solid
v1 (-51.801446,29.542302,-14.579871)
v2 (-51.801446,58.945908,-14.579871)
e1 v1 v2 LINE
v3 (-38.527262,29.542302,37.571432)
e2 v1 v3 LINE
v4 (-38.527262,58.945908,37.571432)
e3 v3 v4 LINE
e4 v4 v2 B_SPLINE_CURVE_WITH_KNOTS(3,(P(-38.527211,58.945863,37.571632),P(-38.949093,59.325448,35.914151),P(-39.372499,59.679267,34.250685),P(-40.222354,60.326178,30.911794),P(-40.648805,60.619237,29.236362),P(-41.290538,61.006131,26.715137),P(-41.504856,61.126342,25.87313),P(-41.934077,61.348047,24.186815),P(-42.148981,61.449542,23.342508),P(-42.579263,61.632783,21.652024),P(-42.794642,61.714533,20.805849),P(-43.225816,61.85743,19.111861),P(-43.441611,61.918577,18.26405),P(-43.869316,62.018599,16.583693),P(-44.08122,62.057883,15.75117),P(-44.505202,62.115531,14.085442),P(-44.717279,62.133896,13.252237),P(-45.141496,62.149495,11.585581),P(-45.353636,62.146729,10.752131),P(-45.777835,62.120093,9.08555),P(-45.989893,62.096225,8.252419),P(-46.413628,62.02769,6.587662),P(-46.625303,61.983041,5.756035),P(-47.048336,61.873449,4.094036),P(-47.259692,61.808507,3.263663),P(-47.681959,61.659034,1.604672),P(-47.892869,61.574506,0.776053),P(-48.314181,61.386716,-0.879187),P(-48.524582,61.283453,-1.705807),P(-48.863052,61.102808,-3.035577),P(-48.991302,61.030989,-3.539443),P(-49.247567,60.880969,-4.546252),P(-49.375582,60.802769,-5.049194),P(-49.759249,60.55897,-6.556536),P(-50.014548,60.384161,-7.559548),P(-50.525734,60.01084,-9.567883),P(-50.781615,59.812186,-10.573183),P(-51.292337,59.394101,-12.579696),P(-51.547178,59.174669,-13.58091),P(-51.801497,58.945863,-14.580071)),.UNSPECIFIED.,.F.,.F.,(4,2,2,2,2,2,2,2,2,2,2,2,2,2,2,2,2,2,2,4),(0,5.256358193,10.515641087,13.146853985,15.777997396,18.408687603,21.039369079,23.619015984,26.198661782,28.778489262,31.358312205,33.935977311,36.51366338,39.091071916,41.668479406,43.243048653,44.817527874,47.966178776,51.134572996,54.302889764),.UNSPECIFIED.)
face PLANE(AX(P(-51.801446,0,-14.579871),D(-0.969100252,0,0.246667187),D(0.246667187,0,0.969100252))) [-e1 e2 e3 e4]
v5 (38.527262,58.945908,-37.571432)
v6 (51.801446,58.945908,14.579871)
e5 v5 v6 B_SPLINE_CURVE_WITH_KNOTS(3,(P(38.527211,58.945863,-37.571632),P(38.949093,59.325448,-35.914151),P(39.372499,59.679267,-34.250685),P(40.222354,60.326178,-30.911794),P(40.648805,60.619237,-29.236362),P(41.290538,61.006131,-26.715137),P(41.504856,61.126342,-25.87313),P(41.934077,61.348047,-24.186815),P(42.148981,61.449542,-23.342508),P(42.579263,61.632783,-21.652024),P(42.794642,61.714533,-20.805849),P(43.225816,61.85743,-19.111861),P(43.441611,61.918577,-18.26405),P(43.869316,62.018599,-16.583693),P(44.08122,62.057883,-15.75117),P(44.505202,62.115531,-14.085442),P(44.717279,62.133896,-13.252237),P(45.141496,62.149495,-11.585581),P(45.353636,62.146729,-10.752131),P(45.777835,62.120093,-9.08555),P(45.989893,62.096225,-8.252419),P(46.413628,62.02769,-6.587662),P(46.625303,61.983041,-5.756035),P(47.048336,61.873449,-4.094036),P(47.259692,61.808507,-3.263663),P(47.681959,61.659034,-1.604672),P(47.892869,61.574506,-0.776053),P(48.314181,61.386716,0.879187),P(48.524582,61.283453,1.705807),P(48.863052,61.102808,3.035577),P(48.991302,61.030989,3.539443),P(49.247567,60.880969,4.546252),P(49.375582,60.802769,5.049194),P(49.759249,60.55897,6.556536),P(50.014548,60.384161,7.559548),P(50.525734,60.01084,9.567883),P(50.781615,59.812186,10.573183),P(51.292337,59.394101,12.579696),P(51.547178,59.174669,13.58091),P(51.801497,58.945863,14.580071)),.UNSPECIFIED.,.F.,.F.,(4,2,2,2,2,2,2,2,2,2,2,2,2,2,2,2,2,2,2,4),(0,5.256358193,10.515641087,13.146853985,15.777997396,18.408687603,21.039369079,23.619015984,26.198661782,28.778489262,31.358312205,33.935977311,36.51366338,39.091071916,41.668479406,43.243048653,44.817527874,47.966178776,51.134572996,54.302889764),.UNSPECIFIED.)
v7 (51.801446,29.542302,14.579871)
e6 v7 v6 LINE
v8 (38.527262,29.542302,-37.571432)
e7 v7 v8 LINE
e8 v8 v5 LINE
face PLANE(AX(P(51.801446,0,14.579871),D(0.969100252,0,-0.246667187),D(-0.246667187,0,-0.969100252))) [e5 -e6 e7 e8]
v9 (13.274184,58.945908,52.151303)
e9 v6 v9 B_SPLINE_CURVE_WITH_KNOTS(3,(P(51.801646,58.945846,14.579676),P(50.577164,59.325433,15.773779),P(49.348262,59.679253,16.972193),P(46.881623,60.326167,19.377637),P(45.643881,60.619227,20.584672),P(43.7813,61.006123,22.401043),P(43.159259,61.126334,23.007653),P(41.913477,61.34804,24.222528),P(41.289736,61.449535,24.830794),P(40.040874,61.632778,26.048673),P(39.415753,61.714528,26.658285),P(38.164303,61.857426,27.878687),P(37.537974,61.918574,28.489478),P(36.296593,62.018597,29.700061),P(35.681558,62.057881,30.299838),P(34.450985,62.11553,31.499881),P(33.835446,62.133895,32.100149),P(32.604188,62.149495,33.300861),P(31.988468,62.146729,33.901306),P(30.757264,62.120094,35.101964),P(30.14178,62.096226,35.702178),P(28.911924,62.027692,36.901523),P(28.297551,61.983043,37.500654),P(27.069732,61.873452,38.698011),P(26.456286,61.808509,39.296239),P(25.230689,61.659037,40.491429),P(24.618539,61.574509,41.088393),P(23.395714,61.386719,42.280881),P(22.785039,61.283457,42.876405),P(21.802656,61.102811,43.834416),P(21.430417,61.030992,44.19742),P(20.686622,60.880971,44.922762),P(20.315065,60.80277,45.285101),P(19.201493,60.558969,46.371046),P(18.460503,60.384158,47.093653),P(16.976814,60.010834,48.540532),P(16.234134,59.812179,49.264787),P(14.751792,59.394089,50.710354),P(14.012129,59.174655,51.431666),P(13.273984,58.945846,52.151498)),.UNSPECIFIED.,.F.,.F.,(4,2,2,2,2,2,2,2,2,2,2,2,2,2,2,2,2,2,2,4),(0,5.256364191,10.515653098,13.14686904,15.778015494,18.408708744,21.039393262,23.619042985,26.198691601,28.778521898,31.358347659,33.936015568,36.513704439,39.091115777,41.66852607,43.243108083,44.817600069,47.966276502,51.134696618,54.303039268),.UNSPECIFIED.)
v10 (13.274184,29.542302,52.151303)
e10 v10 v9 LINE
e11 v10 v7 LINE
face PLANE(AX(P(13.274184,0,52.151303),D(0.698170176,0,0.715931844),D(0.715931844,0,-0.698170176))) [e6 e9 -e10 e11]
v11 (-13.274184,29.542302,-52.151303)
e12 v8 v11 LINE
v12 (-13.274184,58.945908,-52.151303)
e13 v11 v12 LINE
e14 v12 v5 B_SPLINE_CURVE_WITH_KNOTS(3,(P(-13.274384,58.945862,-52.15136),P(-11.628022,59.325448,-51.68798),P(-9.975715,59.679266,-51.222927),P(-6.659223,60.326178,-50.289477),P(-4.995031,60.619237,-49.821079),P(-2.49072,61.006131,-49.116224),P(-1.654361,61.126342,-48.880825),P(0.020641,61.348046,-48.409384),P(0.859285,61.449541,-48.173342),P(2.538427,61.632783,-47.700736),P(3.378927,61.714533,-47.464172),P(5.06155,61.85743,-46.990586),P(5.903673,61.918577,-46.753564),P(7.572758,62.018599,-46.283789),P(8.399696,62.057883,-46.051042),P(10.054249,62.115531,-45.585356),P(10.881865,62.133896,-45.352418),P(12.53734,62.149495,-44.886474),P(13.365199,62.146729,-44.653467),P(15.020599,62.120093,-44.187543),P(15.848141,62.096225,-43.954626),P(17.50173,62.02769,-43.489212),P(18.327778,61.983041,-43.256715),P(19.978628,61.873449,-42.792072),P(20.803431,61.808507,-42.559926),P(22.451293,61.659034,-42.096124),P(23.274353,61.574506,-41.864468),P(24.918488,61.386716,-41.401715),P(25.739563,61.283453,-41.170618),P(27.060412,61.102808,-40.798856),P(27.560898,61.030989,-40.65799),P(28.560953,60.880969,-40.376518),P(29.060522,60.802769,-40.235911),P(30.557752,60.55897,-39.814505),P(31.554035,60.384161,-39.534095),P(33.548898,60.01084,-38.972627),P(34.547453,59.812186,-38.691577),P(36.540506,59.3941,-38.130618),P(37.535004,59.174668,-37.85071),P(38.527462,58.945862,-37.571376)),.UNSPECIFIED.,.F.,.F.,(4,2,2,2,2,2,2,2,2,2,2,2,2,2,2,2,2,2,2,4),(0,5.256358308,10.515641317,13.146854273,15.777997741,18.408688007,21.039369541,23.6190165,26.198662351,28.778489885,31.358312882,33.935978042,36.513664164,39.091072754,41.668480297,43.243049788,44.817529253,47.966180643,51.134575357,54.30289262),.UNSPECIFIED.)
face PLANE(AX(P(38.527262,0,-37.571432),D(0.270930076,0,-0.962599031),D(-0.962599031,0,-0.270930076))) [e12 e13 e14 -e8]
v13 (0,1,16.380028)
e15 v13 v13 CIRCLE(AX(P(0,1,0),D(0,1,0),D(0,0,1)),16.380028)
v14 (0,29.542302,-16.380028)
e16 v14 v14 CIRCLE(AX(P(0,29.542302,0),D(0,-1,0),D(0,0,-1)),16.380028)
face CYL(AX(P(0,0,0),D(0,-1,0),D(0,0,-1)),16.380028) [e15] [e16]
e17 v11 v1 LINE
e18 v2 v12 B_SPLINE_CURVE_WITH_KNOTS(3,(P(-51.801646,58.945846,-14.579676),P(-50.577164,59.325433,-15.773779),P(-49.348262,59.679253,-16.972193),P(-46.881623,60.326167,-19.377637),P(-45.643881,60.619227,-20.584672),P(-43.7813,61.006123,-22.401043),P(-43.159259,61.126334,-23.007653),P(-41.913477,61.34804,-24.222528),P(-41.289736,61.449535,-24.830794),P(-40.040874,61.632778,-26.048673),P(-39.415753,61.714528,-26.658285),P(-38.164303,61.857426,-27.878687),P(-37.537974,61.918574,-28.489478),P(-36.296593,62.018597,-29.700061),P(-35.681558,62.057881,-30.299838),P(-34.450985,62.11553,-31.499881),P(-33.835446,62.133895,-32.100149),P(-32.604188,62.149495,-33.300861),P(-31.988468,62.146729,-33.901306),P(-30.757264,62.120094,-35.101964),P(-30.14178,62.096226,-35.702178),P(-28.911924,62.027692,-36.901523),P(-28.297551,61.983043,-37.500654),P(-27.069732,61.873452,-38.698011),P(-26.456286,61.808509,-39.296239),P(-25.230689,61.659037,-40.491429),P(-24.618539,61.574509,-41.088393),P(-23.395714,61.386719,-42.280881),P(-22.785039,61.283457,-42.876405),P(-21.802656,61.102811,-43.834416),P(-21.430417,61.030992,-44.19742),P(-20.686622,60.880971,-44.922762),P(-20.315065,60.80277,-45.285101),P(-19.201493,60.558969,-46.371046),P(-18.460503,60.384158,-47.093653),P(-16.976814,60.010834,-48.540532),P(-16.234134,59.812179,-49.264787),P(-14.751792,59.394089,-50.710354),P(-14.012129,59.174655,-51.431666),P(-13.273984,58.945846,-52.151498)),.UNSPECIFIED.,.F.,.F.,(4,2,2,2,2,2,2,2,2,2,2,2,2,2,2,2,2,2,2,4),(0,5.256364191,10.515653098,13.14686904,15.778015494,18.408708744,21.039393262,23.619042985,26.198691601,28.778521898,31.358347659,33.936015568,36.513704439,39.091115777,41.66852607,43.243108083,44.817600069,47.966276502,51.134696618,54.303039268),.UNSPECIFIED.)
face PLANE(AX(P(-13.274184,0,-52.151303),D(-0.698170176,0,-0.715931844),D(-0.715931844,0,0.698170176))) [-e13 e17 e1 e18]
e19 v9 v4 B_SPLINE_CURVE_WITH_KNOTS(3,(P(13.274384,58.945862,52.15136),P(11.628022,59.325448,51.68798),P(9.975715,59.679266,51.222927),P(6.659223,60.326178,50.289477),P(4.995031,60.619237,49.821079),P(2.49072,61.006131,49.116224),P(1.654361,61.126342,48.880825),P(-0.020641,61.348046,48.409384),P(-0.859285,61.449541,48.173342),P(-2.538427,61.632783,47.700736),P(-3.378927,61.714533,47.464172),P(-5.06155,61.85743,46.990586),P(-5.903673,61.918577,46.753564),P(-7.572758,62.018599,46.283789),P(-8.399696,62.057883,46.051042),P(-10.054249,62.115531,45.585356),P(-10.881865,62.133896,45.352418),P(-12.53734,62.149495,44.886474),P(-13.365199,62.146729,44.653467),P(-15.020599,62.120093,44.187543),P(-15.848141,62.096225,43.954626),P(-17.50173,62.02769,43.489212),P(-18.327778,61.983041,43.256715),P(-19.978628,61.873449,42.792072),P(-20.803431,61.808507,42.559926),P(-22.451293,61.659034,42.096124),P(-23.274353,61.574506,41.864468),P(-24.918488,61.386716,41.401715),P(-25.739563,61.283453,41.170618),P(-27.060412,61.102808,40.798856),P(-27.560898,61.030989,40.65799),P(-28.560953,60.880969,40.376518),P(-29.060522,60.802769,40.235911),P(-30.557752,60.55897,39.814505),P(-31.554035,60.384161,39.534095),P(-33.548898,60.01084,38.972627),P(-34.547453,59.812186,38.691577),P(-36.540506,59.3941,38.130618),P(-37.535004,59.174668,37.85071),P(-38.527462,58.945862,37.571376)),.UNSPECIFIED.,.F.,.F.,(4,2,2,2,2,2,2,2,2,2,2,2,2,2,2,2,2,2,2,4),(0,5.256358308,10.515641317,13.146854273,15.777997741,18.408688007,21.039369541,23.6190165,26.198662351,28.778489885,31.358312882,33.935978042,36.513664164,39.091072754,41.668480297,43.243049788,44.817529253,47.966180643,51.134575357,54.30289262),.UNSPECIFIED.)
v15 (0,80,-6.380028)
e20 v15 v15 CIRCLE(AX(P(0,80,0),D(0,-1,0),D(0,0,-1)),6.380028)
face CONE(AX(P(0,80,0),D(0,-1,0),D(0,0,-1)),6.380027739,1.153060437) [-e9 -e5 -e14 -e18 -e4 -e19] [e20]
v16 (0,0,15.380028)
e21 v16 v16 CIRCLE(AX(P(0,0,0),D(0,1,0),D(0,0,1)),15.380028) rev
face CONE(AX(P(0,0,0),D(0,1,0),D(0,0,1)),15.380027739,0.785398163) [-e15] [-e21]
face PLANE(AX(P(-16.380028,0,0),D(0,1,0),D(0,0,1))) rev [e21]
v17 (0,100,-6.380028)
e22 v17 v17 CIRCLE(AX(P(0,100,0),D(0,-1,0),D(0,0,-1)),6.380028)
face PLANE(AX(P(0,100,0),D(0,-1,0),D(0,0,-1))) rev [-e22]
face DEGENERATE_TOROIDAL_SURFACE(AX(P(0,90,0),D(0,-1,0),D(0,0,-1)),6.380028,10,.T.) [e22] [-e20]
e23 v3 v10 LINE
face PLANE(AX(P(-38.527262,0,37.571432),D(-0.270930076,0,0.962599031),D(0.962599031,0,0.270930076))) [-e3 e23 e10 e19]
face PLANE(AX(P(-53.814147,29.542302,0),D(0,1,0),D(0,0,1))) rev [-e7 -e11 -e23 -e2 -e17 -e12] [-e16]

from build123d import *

# Parameters (mm, degrees)
SKETCH2_OUTSIDE_W  = 146.052
SKETCH2_OUTSIDE_H  = 146.052
CUT_EXTRUDE1_DEPTH = 126.665925527
CHAMFER1_SIZE      = 1


with BuildPart() as part:
    # Sketch1 → Revolve1 (revolve)
    with BuildSketch(Plane.XY, mode=Mode.PRIVATE) as revolve1_sk:
        with BuildLine():
            Line((0, 100), (-6.380027739, 100))
            ThreePointArc((-6.380027739, 100), (-16.380027739, 90), (-6.380027739, 80))
            Line((-6.380027739, 80), (-53.814147018, 58.94590846))
            Line((-53.814147018, 58.94590846), (-53.814147018, 29.542302358))
            Line((-53.814147018, 29.542302358), (-16.380027739, 29.542302358))
            Line((-16.380027739, 29.542302358), (-16.380027739, 0))
            Line((-16.380027739, 0), (0, 0))
            Line((0, 0), (0, 100))
        make_face()
    revolve(revolve1_sk.sketch.rotate(Axis((0, 0, 0), (0, 1, 0)), 270), axis=Axis((0, 0, 0), (0, 1, 0)))

    # Sketch2 outside → Cut-Extrude1 (cut, through all)
    with BuildSketch(Plane(origin=(0, 100, 0), x_dir=(1, 0, 0), z_dir=(0, 1, 0))):
        Rectangle(SKETCH2_OUTSIDE_W, SKETCH2_OUTSIDE_H)
        Polygon((-38.527261507, -37.5714325), (13.274184248, -52.151303453), (51.801445755, -14.579870953), (38.527261507, 37.5714325), (-13.274184248, 52.151303453), (-51.801445755, 14.579870953), align=None, mode=Mode.SUBTRACT)
    extrude(amount=-CUT_EXTRUDE1_DEPTH, mode=Mode.SUBTRACT)

    # Chamfer1
    chamfer1_edges = [part.edges().sort_by_distance(p)[0] for p in [
        (0, 0, 16.380027739),
    ]]
    chamfer(chamfer1_edges, length=CHAMFER1_SIZE)


solid = part.part
